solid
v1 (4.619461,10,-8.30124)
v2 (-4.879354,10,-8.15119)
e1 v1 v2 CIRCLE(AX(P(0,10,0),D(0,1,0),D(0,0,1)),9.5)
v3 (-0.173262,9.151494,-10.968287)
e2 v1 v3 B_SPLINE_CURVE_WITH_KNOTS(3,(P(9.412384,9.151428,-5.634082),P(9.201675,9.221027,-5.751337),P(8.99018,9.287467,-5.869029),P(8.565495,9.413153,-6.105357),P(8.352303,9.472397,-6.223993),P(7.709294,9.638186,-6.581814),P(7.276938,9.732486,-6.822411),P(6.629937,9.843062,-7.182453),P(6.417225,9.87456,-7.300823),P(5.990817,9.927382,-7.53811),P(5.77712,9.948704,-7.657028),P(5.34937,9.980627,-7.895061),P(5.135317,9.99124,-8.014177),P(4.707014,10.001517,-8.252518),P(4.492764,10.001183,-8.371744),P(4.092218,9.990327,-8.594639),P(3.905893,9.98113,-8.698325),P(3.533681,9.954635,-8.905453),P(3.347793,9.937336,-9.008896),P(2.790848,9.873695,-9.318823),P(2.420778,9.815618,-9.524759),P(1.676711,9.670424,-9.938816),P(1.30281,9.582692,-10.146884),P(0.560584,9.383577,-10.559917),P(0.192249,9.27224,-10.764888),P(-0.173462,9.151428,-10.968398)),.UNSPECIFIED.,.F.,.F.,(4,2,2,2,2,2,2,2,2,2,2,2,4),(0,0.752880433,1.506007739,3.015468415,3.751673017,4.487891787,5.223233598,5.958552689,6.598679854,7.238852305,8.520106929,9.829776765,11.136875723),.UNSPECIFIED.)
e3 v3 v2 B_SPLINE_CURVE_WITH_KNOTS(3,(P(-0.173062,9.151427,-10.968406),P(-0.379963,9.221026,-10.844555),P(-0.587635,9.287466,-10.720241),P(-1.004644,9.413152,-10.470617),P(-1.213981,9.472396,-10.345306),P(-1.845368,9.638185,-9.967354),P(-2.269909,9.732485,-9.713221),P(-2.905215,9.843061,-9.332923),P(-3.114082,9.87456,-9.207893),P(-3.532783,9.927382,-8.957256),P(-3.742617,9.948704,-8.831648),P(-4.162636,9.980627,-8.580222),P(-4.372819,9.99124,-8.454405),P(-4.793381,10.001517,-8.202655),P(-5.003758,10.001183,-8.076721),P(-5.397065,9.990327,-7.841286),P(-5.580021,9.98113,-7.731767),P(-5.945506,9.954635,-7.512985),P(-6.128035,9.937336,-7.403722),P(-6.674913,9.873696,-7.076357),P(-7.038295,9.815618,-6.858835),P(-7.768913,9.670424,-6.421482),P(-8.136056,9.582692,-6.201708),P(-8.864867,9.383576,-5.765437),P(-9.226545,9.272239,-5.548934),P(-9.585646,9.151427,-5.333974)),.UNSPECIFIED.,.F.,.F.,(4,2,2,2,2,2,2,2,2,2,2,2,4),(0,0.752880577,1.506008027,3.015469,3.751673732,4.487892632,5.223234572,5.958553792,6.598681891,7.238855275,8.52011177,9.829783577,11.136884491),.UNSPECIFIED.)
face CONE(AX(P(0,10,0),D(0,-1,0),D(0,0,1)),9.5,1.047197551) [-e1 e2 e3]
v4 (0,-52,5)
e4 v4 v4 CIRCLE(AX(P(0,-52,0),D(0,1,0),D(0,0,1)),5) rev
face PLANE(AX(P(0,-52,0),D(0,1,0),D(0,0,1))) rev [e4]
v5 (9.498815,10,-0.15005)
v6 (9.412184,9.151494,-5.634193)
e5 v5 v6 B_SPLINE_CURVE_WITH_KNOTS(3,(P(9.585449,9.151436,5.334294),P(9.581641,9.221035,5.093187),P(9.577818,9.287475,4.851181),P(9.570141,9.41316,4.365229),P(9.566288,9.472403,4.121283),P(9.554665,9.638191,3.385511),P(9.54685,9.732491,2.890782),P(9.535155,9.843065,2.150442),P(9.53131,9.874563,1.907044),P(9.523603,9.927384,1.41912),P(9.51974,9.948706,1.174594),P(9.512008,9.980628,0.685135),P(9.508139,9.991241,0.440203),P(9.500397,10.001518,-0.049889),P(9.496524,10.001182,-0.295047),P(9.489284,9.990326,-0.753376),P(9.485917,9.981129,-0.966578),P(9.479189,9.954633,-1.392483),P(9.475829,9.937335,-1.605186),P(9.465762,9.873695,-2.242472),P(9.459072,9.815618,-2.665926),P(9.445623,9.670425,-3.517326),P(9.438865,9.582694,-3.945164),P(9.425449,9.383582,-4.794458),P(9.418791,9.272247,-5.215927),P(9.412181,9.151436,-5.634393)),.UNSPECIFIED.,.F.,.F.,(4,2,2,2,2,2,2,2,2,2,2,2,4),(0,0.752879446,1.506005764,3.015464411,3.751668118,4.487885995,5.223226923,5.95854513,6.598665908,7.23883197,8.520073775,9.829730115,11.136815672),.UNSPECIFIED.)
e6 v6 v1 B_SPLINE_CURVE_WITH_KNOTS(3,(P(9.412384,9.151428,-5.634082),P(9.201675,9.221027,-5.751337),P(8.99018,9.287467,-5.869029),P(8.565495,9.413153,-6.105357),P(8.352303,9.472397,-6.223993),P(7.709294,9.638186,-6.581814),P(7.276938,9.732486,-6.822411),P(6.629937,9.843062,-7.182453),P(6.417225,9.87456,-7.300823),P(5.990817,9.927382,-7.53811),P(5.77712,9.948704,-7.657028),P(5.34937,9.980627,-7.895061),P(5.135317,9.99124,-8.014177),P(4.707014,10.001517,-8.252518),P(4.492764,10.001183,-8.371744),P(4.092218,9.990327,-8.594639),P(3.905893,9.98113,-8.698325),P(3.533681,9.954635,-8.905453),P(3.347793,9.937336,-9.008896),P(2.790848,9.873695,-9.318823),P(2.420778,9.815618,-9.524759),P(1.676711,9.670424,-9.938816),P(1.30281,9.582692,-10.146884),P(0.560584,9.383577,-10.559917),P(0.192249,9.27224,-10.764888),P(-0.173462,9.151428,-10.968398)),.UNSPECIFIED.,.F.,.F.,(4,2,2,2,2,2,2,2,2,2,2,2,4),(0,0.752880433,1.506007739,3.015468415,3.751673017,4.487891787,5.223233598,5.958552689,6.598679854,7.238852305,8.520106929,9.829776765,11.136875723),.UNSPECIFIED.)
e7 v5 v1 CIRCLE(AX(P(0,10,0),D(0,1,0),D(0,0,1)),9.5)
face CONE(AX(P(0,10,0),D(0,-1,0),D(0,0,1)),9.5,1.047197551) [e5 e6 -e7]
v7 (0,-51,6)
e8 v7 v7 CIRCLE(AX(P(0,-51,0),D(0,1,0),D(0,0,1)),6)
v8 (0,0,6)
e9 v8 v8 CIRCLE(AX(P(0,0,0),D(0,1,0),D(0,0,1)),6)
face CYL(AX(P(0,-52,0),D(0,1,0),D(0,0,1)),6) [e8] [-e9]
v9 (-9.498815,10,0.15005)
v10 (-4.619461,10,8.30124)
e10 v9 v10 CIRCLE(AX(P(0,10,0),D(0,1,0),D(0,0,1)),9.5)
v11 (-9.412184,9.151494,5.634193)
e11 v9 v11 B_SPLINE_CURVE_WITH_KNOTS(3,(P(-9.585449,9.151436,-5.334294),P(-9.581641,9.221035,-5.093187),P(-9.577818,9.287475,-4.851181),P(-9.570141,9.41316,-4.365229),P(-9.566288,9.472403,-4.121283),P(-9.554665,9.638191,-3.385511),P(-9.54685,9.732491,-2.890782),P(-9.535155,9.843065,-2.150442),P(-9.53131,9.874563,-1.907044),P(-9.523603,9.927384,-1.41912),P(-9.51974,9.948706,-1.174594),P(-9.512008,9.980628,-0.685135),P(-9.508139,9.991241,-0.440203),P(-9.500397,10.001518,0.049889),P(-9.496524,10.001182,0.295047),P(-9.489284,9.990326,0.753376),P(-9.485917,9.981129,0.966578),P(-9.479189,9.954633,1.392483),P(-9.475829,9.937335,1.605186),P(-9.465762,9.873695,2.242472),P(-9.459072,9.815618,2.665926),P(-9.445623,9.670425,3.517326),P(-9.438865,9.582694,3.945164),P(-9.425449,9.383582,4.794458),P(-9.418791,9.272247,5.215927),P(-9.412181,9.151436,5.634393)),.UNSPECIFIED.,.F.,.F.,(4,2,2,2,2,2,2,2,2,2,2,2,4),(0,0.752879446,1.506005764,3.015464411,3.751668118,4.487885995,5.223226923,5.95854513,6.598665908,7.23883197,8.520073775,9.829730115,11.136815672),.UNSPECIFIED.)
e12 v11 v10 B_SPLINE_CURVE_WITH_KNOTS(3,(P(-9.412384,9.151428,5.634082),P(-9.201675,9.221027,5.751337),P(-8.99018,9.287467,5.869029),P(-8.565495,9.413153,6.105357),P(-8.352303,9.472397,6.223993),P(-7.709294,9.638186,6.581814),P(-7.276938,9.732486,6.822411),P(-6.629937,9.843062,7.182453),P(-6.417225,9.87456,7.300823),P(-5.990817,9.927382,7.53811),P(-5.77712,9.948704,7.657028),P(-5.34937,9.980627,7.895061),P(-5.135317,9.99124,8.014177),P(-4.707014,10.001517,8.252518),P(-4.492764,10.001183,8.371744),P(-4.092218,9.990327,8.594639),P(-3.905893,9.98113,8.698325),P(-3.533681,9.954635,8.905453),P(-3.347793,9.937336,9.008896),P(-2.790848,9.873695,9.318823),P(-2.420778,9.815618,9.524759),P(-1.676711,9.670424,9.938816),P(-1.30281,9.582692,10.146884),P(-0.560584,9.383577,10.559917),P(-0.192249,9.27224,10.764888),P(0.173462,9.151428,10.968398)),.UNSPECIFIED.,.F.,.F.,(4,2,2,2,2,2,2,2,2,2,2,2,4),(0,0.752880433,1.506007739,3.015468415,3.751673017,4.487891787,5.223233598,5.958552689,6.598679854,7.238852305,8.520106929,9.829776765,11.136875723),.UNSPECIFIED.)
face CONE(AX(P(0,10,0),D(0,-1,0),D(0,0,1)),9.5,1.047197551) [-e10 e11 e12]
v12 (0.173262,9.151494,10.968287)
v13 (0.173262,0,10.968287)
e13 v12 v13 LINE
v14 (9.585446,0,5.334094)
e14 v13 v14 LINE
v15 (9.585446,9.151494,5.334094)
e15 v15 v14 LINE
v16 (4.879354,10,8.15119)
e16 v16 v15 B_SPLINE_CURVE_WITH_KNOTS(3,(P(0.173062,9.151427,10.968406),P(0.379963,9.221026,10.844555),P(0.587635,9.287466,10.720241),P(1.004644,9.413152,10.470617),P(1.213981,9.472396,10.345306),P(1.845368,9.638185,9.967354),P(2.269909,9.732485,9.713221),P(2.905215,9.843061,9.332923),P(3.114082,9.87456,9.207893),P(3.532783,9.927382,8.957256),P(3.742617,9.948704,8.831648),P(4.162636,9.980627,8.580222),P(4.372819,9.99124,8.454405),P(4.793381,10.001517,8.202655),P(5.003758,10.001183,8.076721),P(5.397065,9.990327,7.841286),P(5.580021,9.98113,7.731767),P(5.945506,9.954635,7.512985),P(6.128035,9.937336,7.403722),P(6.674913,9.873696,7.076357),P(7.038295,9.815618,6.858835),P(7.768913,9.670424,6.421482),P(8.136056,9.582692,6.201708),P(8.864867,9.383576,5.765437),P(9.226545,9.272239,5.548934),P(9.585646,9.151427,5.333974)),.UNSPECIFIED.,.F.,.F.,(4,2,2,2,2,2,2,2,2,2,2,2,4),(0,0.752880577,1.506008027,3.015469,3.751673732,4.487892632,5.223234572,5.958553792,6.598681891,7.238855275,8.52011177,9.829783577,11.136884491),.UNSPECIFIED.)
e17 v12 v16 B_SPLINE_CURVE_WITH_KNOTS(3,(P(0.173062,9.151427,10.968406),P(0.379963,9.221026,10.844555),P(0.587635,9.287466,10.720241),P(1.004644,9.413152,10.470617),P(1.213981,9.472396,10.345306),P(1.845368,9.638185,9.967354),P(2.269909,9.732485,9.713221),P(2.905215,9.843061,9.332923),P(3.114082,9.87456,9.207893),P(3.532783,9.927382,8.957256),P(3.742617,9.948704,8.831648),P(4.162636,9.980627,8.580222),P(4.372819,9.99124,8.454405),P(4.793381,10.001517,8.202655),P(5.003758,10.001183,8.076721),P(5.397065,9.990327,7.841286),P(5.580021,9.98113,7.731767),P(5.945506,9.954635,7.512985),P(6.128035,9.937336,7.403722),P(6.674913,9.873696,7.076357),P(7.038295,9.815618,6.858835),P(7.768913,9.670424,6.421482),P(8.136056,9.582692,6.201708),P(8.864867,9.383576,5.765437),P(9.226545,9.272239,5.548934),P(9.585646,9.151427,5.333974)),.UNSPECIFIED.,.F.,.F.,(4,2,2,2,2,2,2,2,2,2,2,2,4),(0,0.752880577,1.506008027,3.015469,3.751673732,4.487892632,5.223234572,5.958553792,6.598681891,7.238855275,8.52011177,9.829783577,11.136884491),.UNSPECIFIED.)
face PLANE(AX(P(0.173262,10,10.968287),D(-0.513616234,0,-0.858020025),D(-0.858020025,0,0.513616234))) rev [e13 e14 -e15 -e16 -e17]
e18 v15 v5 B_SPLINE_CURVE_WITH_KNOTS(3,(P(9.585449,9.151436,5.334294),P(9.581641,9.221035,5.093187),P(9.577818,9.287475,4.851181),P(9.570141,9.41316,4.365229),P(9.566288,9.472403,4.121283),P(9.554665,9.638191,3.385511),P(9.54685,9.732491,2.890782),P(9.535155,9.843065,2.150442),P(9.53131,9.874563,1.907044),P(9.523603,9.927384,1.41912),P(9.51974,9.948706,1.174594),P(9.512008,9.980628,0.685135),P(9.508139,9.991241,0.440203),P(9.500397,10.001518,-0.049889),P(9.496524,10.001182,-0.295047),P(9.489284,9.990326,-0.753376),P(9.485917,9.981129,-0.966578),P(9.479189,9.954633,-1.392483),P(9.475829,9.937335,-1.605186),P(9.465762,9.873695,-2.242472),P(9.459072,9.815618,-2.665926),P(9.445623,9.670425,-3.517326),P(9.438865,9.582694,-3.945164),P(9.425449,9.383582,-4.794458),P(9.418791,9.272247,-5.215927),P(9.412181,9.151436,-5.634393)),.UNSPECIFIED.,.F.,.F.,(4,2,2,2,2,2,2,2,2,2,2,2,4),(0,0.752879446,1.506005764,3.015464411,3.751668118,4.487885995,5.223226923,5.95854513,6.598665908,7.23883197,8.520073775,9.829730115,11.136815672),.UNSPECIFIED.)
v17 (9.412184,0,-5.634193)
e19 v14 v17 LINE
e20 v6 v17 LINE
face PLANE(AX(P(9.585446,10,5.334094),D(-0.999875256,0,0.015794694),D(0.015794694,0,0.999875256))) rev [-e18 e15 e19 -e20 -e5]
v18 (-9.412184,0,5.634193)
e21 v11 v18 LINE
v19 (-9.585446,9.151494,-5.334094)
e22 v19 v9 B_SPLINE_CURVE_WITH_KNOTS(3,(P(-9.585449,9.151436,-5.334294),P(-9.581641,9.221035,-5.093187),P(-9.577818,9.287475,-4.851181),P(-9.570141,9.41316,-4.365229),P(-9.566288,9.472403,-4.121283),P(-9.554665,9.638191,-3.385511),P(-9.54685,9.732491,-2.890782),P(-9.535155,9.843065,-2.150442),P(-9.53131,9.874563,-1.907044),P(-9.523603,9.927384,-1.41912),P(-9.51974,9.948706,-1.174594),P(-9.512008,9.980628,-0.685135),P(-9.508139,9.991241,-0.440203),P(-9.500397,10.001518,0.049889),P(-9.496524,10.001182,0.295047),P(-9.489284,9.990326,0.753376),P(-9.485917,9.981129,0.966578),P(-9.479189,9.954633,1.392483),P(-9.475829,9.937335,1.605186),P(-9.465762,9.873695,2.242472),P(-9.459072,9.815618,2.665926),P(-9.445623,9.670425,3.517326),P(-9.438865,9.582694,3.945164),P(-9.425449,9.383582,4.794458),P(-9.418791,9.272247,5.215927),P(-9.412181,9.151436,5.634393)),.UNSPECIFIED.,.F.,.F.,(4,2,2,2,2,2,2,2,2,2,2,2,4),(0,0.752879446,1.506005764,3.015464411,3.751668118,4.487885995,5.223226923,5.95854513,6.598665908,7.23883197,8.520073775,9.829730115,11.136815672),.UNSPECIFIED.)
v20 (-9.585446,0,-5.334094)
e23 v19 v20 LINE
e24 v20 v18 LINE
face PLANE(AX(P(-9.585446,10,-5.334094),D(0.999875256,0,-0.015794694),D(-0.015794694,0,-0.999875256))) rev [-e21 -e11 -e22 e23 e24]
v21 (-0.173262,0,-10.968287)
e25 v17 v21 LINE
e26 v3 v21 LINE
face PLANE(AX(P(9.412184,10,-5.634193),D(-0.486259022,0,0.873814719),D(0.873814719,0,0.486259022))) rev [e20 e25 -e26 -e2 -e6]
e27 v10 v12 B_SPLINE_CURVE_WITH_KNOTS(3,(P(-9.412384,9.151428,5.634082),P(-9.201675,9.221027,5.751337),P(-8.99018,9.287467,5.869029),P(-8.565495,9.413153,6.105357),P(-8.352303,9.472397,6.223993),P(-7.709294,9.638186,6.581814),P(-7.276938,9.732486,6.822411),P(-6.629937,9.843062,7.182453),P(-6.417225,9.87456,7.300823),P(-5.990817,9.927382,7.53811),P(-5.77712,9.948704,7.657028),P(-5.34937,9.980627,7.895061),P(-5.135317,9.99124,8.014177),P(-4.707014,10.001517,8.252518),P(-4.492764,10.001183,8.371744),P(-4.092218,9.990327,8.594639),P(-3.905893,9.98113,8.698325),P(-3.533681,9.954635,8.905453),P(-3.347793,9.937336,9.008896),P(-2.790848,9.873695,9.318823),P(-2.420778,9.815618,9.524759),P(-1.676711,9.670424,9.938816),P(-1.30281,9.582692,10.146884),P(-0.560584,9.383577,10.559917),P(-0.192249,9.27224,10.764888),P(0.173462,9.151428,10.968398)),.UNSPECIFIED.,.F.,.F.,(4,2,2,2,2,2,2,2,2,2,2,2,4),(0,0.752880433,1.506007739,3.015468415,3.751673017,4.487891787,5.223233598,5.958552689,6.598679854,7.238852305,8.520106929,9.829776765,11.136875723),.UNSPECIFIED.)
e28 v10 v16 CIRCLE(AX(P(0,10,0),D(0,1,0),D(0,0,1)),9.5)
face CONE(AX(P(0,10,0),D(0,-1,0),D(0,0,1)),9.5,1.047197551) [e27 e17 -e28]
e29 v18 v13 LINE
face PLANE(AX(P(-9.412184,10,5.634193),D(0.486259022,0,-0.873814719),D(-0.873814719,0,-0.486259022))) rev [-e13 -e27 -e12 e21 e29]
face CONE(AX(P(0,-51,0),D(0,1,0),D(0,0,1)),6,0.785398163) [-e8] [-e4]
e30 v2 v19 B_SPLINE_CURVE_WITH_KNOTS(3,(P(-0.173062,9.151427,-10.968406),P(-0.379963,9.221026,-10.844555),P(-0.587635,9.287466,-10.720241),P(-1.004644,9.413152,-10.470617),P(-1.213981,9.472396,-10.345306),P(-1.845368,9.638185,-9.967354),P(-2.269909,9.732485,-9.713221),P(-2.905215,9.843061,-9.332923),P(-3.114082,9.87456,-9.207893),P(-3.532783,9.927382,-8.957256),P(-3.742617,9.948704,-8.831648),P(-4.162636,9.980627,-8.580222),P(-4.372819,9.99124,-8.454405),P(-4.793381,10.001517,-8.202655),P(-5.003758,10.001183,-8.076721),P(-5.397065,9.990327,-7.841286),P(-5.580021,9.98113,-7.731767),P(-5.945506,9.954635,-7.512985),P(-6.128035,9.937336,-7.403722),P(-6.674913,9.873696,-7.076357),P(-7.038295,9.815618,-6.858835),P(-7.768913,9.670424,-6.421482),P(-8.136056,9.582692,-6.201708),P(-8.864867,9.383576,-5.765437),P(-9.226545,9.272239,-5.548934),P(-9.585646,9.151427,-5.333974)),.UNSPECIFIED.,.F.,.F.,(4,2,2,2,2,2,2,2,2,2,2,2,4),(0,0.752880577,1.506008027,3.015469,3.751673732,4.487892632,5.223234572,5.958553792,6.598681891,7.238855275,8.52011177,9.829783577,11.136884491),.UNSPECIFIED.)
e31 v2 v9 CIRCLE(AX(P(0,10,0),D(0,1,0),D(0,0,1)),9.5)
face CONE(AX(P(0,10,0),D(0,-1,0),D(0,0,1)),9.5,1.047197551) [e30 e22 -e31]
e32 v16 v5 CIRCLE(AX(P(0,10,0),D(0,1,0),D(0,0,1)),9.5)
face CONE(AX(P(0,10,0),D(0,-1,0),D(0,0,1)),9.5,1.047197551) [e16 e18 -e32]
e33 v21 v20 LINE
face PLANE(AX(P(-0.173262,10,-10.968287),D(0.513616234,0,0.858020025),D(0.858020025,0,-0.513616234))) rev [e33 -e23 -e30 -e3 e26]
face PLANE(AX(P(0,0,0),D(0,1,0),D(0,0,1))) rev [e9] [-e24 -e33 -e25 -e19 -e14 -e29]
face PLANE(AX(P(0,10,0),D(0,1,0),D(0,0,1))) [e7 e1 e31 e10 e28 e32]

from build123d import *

# Parameters (mm, degrees)
SKETCH2_R           = 6
BOSS_EXTRUDE1_DEPTH = 52
BOSS_EXTRUDE2_DEPTH = 10
SKETCH5_OUTSIDE_W   = 69.512
SKETCH5_OUTSIDE_H   = 72.278
SKETCH5_OUTSIDE_R   = 9.5
CUT_EXTRUDE1_DEPTH  = 10
CUT_EXTRUDE1_DRAFT  = -60
CHAMFER1_SIZE       = 1


with BuildPart() as part:
    # Sketch2 → Boss-Extrude1 (new body)
    with BuildSketch(Plane(origin=(0, 0, 0), x_dir=(1, 0, 0), z_dir=(0, 1, 0))):
        Circle(SKETCH2_R)
    extrude(amount=-BOSS_EXTRUDE1_DEPTH)

    # Sketch3 → Boss-Extrude2 (add)
    with BuildSketch(Plane(origin=(0, 0, 0), x_dir=(1, 0, 0), z_dir=(0, 1, 0))):
        Polygon((9.585446106, -5.334093763), (9.412183758, 5.634192953), (-0.173262348, 10.968286716), (-9.585446106, 5.334093763), (-9.412183758, -5.634192953), (0.173262348, -10.968286716), align=None)
    extrude(amount=BOSS_EXTRUDE2_DEPTH)


with BuildPart() as cut_extrude1_tool:
    # Sketch5 outside → Cut-Extrude1 (with draft: the straight prism first)
    with BuildSketch(Plane(origin=(0, 10, 0), x_dir=(1, 0, 0), z_dir=(0, 1, 0))):
        Rectangle(SKETCH5_OUTSIDE_W, SKETCH5_OUTSIDE_H)
        Circle(SKETCH5_OUTSIDE_R, mode=Mode.SUBTRACT)
    extrude(amount=-CUT_EXTRUDE1_DEPTH)
    # Cut-Extrude1: the draft: its side faces are tilted about the plane it starts from
    cut_extrude1_sides = [cut_extrude1_tool.faces().sort_by_distance(p)[0] for p in [
        (0, 5, 36.139),
        (34.756, 5, 0),
        (0, 5, -36.139),
        (-34.756, 5, 0),
        (-9.5, 5, 0),
    ]]
    draft(cut_extrude1_sides, Plane(origin=(0, 10, 0), x_dir=(1, 0, 0), z_dir=(0, 1, 0)), CUT_EXTRUDE1_DRAFT)


with BuildPart() as part_1:
    add(part.part)

    # Cut-Extrude1: cut by cut_extrude1_tool
    add(cut_extrude1_tool.part, mode=Mode.SUBTRACT)

    # Chamfer1
    chamfer1_edges = [part_1.edges().sort_by_distance(p)[0] for p in [
        (-6, -52, 0),
    ]]
    chamfer(chamfer1_edges, length=CHAMFER1_SIZE)


solid = part_1.part
